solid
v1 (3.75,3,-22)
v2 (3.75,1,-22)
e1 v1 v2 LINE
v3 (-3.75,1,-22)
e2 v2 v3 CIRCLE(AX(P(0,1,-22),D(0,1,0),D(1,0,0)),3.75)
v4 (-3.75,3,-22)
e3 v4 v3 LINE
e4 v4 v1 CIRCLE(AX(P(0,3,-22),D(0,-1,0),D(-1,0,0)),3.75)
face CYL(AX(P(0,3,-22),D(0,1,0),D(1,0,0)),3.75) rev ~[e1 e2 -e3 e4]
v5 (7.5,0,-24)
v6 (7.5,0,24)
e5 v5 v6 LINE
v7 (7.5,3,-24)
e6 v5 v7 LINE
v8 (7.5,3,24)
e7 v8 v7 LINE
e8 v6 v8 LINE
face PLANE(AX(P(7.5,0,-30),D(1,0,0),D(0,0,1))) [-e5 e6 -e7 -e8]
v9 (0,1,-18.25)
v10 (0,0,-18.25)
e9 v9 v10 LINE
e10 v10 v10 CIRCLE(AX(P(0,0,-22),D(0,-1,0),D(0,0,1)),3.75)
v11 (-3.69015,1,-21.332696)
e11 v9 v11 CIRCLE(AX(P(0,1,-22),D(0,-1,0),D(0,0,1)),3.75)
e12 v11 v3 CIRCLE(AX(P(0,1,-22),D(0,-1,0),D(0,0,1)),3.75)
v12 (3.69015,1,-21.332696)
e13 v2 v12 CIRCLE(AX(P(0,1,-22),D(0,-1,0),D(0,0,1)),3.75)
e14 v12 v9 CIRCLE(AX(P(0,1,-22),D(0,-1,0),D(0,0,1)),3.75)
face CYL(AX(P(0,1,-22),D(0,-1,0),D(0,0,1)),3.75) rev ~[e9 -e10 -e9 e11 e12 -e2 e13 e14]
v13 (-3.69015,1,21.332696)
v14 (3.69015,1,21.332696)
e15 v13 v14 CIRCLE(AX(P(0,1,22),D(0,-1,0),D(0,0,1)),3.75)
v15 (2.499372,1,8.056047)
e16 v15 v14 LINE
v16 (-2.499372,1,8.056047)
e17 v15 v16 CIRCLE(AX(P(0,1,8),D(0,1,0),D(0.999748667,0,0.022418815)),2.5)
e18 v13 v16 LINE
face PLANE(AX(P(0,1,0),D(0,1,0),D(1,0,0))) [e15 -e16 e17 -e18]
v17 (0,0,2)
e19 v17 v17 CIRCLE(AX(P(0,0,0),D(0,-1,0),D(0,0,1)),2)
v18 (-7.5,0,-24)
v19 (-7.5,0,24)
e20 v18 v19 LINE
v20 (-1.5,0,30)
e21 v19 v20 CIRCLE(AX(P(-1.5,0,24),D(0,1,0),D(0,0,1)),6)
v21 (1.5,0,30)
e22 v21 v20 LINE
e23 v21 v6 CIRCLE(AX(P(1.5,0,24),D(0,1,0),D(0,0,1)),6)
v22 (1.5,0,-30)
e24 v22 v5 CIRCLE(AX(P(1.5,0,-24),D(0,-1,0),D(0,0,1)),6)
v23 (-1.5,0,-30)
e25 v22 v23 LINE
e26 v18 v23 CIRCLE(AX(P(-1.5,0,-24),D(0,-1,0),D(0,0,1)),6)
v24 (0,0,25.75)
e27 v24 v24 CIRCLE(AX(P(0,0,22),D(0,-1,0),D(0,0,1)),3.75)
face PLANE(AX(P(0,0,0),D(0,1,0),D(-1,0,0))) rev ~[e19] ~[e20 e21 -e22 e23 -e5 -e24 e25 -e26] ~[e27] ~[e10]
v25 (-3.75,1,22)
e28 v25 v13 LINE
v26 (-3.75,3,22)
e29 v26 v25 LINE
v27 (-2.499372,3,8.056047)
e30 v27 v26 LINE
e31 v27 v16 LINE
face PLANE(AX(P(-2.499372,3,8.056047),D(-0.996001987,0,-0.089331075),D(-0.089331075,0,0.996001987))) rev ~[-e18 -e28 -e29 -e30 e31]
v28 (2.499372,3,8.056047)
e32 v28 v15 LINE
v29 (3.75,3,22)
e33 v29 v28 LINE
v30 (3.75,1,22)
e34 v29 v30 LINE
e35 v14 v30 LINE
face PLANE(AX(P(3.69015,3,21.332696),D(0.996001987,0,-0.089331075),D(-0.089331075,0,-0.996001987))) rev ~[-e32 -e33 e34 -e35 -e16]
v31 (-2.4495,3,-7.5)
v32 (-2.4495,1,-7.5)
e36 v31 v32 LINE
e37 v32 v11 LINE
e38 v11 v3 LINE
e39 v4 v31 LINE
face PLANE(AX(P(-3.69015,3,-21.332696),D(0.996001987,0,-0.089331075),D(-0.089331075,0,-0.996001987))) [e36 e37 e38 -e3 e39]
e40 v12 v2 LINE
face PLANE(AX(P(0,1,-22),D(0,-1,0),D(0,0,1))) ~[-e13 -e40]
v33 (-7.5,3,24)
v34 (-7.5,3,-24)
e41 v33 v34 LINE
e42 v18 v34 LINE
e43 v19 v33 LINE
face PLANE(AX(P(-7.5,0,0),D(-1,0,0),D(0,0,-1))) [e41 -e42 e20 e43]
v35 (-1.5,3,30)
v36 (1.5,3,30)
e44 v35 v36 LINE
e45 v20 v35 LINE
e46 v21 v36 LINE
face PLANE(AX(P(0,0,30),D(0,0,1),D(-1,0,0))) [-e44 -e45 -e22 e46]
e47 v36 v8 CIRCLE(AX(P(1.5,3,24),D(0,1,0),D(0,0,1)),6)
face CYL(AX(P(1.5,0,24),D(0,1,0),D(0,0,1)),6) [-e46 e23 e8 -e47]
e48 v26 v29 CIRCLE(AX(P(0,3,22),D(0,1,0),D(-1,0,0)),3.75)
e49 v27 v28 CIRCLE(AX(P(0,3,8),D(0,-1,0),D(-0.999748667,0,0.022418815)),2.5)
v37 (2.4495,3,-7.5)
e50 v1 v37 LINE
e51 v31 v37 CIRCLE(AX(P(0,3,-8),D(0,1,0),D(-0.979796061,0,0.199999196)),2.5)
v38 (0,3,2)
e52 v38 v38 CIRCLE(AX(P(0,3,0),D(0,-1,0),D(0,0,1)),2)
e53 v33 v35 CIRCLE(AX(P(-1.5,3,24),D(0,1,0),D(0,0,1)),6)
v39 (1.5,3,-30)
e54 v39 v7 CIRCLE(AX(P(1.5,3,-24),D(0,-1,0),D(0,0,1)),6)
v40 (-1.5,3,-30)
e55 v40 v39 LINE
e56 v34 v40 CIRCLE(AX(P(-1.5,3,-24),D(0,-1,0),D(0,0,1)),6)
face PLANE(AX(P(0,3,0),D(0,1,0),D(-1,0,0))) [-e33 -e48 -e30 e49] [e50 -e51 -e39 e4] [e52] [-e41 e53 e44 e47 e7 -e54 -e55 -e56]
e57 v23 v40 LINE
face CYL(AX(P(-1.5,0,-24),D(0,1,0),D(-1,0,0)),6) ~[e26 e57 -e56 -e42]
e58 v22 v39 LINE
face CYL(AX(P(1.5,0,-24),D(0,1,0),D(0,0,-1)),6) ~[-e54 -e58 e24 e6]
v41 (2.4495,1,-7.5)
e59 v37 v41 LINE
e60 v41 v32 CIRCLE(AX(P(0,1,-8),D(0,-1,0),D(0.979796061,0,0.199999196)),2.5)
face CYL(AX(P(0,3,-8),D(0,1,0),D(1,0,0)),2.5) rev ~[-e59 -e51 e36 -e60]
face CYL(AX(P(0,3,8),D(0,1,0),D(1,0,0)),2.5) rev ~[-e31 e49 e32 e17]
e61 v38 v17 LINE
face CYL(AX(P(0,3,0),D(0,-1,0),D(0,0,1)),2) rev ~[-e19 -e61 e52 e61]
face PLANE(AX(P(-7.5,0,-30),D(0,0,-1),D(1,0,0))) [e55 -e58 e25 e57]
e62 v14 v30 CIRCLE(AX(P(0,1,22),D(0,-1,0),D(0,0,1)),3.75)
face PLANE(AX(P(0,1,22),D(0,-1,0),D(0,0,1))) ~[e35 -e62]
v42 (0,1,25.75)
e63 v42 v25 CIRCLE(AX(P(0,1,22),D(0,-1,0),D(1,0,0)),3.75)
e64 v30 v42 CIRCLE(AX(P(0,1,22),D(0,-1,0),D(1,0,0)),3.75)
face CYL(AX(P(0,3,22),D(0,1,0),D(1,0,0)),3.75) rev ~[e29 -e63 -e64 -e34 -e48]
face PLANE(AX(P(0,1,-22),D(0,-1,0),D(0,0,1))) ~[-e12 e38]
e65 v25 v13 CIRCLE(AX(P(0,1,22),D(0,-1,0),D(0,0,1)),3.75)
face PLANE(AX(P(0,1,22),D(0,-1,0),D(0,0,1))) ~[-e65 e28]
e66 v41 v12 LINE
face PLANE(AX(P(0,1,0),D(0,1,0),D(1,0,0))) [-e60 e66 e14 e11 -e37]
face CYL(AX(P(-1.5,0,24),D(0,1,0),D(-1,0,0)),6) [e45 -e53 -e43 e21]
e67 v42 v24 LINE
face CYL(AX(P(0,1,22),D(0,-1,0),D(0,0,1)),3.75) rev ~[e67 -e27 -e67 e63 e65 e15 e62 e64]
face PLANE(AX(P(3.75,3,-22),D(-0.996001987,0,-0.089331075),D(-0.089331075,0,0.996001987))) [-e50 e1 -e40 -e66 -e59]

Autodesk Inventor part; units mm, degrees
ref_plane "YZ Plane" through (0, 0, 0) normal (1, 0, 0) x (0, 1, 0)
ref_plane "XZ Plane" through (0, 0, 0) normal (0, 1, 0) x (-1, 0, 0)
ref_plane "XY Plane" through (0, 0, 0) normal (0, 0, 1) x (1, 0, 0)
sketch "Sketch1" plane through (0, 0, 0) normal (0, 1, 0) x (-1, 0, 0)
  line L0 (10.5, 0) -> (-10.5, 0) projected
  line L1 (0, -42) -> (0, 42) projected
  line L2 (7.5, -30) -> (-7.5, -30)
  line L3 (-7.5, -30) -> (-7.5, 30)
  line L4 (-7.5, 30) -> (7.5, 30)
  line L5 (7.5, 30) -> (7.5, -30)
  point P0 (0, 0)
  dimension "d0" = 15
  dimension "d1" = 60
extrude "Extrusion1" add sketch "Sketch1" along normal blind 3
sketch "Sketch2" plane through (0, 3, 0) normal (0, 1, 0) x (1, 0, 0)
  line L0 (7.5, 30) -> (-7.5, 30) projected
  line L1 (-7.5, 30) -> (-7.5, -30) projected
  line L2 (-7.5, -30) -> (7.5, -30) projected
  line L3 (7.5, -30) -> (7.5, 30) projected
  circle A0 centre (0, -22) radius 3.75
  circle A1 centre (0, -8) radius 2.5
  line L4 (0, 42) -> (0, -42) projected
  line L5 (-7.5, -5.5) -> (7.5, -5.5) construction
  line L6 (-2.4495, -7.5) -> (-3.75, -22)
  line L7 (3.75, -22) -> (2.4495, -7.5)
  line L8 (-10.5, 0) -> (10.5, 0) projected
  circle A2 centre (0, 22) radius 3.75
  circle A3 centre (0, 8) radius 2.5
  line L9 (-2.4495, 7.5) -> (-3.75, 22)
  line L10 (3.75, 22) -> (2.4495, 7.5)
  point P0 (0, 0)
  dimension "d4" = 7.5
  dimension "d5" = 8
  dimension "d6" = 5
  dimension "d9" = 16.5
  dimension "d10" = 2
  dimension "d11" = 8
  dimension "d12" = 8
  dimension "d13" = 2
extrude "Extrusion2" cut sketch "Sketch2" against normal blind 2 contours A2 L10 L4 | L4 A2 L9 | A2 L10 A3 L4 | L4 A3 L9 A2 | A3 L9 L4 | L4 A3 L10 | L4 A1 L6 | A1 L7 L4 | L4 A0 L7 | A0 L6 L4 | A1 L7 | L6 A1 | L4 A0 L6 A1 | A1 L7 A0 L4
sketch "Sketch3" plane through (0, 1, 0) normal (0, 1, 0) x (1, 0, 0)
  line L0 (7.5, 30) -> (-7.5, 30) projected
  line L1 (-7.5, 30) -> (-7.5, -30) projected
  line L2 (-7.5, -30) -> (7.5, -30) projected
  line L3 (7.5, -30) -> (7.5, 30) projected
  line L4 (-3.75, -22) -> (-2.4994, -8.0561) projected
  arc A0 (-3.75, -22) -> (3.75, -22) centre (0, -22) ccw projected
  line L5 (2.4994, -8.0561) -> (3.75, -22) projected
  arc A1 (2.4994, -8.0561) -> (-2.4994, -8.0561) centre (0, -8) ccw projected
  line L6 (3.75, 22) -> (2.4495, 7.5) projected
  arc A2 (3.75, 22) -> (-3.75, 22) centre (0, 22) ccw projected
  line L7 (-2.4495, 7.5) -> (-3.75, 22) projected
  arc A3 (-2.4495, 7.5) -> (2.4495, 7.5) centre (0, 8) ccw projected
  line L8 (-10.5, 0) -> (10.5, 0) projected
  point P0 (0, 0)
hole "Hole1" at (0, 1, 22) at (0, 1, -22) direction (0, -1, 0) diameter 7.5 end through all
fillet "Fillet1" radius 6 4 edges at (7.5, 1.5, -30) (-7.5, 1.5, -30) (-7.5, 1.5, 30) (7.5, 1.5, 30)
sketch "Sketch5" plane through (0, 3, 0) normal (0, 1, 0) x (1, 0, 0)
  arc A0 (3.75, 22) -> (-3.75, 22) centre (0, 22) ccw projected
  line L0 (3.75, 22) -> (2.4495, 7.5) projected
  arc A1 (-2.4495, 7.5) -> (2.4495, 7.5) centre (0, 8) ccw projected
  line L1 (-2.4495, 7.5) -> (-3.75, 22) projected
  line L2 (-3.75, -22) -> (-2.4994, -8.0561) projected
  arc A2 (2.4994, -8.0561) -> (-2.4994, -8.0561) centre (0, -8) ccw projected
  line L3 (2.4994, -8.0561) -> (3.75, -22) projected
  arc A3 (-3.75, -22) -> (3.75, -22) centre (0, -22) ccw projected
  arc A4 (1.5, -30) -> (7.5, -24) centre (1.5, -24) ccw projected
  line L4 (7.5, -24) -> (7.5, 24) projected
  arc A5 (7.5, 24) -> (1.5, 30) centre (1.5, 24) ccw projected
  line L5 (1.5, 30) -> (-1.5, 30) projected
  arc A6 (-1.5, 30) -> (-7.5, 24) centre (-1.5, 24) ccw projected
  line L6 (-7.5, 24) -> (-7.5, -24) projected
  arc A7 (-7.5, -24) -> (-1.5, -30) centre (-1.5, -24) ccw projected
  line L7 (-1.5, -30) -> (1.5, -30) projected
  point P0 (0, 0)
  point P1 (0, 0)
hole "Hole3" at (0, 3, 0) direction (0, -1, 0) diameter 4 end through all
properties part number "femur_v5"
